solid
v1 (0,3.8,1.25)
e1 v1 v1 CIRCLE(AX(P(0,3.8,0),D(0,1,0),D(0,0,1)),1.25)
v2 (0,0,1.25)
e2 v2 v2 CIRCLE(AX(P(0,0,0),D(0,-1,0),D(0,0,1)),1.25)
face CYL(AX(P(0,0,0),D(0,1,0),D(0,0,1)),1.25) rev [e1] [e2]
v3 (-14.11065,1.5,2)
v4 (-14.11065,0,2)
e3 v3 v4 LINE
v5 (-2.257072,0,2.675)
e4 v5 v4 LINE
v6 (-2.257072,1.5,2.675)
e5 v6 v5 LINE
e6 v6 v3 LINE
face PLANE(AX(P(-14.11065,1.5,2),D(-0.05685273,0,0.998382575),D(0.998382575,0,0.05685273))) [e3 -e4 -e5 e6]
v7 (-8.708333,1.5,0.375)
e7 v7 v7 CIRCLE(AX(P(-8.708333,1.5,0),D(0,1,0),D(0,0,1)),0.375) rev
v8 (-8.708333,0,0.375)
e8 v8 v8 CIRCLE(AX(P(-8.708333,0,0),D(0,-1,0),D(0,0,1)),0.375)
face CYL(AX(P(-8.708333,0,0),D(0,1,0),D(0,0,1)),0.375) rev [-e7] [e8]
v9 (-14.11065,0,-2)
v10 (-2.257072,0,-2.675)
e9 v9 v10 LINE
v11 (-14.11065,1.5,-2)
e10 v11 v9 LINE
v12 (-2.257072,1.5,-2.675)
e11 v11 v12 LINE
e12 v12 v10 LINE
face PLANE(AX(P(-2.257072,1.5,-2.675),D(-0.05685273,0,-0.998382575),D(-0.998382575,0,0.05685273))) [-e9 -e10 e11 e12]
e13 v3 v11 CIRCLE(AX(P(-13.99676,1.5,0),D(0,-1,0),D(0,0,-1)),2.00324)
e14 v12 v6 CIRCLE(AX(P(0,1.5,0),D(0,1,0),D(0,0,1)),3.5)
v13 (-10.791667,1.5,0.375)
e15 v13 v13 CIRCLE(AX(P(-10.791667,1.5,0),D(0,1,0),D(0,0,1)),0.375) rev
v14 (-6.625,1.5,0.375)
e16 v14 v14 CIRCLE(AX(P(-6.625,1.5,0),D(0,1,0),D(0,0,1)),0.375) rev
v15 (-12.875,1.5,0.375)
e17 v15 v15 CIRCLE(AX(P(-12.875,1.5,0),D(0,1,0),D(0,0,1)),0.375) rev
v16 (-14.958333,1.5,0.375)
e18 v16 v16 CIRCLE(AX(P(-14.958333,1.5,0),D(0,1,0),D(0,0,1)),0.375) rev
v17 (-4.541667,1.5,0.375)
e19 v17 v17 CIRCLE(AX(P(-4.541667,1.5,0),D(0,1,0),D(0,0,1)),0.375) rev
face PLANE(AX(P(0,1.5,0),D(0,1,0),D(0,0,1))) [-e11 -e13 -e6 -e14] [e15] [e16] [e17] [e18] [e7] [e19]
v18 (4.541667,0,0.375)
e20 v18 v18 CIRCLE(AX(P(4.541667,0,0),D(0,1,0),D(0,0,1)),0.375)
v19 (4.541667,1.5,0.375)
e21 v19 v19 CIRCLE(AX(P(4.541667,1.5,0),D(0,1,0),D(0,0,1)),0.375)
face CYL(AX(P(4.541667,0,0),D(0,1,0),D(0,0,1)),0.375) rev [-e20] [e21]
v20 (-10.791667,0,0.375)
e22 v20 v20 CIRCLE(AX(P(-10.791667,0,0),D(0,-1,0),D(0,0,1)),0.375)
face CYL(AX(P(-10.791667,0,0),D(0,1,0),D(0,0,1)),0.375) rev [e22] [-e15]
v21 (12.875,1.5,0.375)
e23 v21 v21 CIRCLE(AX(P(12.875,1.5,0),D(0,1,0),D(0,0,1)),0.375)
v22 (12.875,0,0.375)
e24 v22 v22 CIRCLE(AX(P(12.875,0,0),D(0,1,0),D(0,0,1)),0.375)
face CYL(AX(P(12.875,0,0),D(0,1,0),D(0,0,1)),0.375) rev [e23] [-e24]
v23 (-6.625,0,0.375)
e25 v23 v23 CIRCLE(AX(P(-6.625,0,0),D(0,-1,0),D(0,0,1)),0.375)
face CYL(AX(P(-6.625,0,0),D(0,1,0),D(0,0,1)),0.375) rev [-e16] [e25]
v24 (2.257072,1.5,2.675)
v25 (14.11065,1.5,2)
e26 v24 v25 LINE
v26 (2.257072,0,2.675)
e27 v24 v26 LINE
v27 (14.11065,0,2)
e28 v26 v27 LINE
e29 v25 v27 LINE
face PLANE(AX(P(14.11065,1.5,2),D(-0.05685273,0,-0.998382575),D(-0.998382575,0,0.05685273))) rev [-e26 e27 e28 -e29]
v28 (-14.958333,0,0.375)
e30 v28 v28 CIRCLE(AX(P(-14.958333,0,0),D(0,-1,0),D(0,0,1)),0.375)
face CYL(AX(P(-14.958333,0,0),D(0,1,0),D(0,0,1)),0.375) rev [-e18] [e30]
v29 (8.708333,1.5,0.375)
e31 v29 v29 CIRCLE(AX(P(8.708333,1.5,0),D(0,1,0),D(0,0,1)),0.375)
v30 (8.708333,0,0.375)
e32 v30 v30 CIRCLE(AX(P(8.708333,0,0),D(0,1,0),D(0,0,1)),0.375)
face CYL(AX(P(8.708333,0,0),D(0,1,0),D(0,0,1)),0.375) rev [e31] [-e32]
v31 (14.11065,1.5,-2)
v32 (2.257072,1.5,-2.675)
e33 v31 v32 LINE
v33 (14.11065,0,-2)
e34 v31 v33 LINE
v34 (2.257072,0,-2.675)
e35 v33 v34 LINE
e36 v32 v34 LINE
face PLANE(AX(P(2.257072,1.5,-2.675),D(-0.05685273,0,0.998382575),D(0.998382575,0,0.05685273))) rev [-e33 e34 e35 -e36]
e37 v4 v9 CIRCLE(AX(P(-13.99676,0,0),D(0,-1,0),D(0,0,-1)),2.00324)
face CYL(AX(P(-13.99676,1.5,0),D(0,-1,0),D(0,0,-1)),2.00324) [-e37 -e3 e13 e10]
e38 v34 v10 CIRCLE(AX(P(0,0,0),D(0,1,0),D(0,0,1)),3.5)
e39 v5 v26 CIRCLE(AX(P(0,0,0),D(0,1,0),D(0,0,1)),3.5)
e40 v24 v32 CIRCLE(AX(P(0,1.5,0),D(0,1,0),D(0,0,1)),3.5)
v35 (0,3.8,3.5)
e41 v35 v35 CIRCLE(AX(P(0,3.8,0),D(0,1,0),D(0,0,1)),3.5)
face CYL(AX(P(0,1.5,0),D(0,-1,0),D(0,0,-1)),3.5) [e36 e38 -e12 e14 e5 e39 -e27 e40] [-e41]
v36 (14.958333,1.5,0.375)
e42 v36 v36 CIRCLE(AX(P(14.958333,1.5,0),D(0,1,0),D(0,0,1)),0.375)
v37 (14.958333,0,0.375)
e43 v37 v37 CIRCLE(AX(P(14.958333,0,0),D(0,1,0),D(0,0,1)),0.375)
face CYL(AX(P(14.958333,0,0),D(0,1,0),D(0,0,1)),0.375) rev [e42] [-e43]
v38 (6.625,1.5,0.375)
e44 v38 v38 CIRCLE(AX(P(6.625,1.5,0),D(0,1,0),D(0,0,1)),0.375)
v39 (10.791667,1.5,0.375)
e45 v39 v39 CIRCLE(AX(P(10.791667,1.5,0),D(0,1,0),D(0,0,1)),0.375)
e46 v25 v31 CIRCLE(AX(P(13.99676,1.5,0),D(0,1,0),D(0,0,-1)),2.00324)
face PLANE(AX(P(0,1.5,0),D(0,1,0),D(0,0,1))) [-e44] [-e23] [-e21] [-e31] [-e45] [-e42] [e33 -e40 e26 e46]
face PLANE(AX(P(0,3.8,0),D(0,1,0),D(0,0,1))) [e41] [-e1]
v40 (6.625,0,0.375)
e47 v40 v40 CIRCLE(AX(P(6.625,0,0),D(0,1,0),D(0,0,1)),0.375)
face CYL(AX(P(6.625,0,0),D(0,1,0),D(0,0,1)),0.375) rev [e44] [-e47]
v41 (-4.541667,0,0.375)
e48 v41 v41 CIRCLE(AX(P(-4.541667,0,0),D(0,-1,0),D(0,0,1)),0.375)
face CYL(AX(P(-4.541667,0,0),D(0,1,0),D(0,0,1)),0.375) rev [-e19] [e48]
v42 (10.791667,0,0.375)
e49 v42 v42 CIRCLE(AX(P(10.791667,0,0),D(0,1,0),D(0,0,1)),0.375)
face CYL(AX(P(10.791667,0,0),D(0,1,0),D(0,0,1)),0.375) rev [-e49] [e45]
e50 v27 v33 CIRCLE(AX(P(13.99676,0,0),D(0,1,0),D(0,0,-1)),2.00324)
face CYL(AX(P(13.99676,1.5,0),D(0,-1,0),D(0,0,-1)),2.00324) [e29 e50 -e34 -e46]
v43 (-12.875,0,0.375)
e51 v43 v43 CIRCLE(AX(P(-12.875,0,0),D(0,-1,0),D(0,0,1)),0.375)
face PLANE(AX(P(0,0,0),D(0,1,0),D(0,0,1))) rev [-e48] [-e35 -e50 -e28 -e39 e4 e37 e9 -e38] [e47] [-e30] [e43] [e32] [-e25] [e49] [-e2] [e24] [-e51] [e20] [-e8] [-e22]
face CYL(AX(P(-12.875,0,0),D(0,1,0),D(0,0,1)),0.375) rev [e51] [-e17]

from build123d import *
from build123d.topology import SkipClean

# Parameters (mm, degrees)
BOSS_EXTRUDE1_DEPTH = 1.5
SKETCH2_R           = 3.5
BOSS_EXTRUDE2_DEPTH = 2.3
SKETCH3_R           = 0.375
SKETCH3_R_2         = 1.25
CUT_EXTRUDE1_DEPTH  = 17.539044712


with BuildPart() as part:
    # Sketch1 → Boss-Extrude1 (new body)
    with BuildSketch(Plane(origin=(0, 0, 0), x_dir=(1, 0, 0), z_dir=(0, 1, 0))):
        with BuildLine():
            Line((2.257072219, 2.675), (14.110649579, 2))
            ThreePointArc((14.110649579, 2), (16, 0), (14.110649579, -2))
            Line((14.110649579, -2), (2.257072219, -2.675))
            ThreePointArc((2.257072219, -2.675), (-3.5, 0), (2.257072219, 2.675))
        make_face()
    boss_extrude1 = extrude(amount=BOSS_EXTRUDE1_DEPTH)

    # Sketch2 → Boss-Extrude2 (add)
    with SkipClean():  # the faces are left unmerged after this step: merging them gives an invalid solid
        with BuildSketch(Plane(origin=(0, 1.5, 0), x_dir=(1, 0, 0), z_dir=(0, 1, 0))):
            with Locations(Location((0, 0, 0), (0, 0, 49.843487791))):
                Circle(SKETCH2_R)
        extrude(amount=BOSS_EXTRUDE2_DEPTH)

    # Sketch3 → Cut-Extrude1 (cut, symmetric)
    with SkipClean():  # the faces are left unmerged after this step: merging them gives an invalid solid
        with BuildSketch(Plane(origin=(0, 1.5, 0), x_dir=(1, 0, 0), z_dir=(0, 1, 0))):
            with Locations(Location((14.958333333, 0, 0), (0, 0, 270))):
                Circle(SKETCH3_R)
            with Locations(Location((12.875, 0, 0), (0, 0, 270))):
                Circle(SKETCH3_R)
            with Locations(Location((10.791666667, 0, 0), (0, 0, 270))):
                Circle(SKETCH3_R)
            with Locations(Location((8.708333333, 0, 0), (0, 0, 270))):
                Circle(SKETCH3_R)
            with Locations(Location((6.625, 0, 0), (0, 0, 270))):
                Circle(SKETCH3_R)
            with Locations(Location((4.541666667, 0, 0), (0, 0, 270))):
                Circle(SKETCH3_R)
            with Locations(Location((0, 0, 0), (0, 0, 270))):
                Circle(SKETCH3_R_2)
        cut_extrude1 = extrude(amount=CUT_EXTRUDE1_DEPTH, both=True, mode=Mode.SUBTRACT)

    # Mirror1: Boss-Extrude1, Cut-Extrude1 across plane
    with SkipClean():  # the faces are left unmerged after this step: merging them gives an invalid solid
        add(boss_extrude1.mirror(Plane(origin=(0, 0, 0), x_dir=(0, 0, 1), z_dir=(1, 0, 0))))
        add(cut_extrude1.mirror(Plane(origin=(0, 0, 0), x_dir=(0, 0, 1), z_dir=(1, 0, 0))), mode=Mode.SUBTRACT)


solid = part.part
